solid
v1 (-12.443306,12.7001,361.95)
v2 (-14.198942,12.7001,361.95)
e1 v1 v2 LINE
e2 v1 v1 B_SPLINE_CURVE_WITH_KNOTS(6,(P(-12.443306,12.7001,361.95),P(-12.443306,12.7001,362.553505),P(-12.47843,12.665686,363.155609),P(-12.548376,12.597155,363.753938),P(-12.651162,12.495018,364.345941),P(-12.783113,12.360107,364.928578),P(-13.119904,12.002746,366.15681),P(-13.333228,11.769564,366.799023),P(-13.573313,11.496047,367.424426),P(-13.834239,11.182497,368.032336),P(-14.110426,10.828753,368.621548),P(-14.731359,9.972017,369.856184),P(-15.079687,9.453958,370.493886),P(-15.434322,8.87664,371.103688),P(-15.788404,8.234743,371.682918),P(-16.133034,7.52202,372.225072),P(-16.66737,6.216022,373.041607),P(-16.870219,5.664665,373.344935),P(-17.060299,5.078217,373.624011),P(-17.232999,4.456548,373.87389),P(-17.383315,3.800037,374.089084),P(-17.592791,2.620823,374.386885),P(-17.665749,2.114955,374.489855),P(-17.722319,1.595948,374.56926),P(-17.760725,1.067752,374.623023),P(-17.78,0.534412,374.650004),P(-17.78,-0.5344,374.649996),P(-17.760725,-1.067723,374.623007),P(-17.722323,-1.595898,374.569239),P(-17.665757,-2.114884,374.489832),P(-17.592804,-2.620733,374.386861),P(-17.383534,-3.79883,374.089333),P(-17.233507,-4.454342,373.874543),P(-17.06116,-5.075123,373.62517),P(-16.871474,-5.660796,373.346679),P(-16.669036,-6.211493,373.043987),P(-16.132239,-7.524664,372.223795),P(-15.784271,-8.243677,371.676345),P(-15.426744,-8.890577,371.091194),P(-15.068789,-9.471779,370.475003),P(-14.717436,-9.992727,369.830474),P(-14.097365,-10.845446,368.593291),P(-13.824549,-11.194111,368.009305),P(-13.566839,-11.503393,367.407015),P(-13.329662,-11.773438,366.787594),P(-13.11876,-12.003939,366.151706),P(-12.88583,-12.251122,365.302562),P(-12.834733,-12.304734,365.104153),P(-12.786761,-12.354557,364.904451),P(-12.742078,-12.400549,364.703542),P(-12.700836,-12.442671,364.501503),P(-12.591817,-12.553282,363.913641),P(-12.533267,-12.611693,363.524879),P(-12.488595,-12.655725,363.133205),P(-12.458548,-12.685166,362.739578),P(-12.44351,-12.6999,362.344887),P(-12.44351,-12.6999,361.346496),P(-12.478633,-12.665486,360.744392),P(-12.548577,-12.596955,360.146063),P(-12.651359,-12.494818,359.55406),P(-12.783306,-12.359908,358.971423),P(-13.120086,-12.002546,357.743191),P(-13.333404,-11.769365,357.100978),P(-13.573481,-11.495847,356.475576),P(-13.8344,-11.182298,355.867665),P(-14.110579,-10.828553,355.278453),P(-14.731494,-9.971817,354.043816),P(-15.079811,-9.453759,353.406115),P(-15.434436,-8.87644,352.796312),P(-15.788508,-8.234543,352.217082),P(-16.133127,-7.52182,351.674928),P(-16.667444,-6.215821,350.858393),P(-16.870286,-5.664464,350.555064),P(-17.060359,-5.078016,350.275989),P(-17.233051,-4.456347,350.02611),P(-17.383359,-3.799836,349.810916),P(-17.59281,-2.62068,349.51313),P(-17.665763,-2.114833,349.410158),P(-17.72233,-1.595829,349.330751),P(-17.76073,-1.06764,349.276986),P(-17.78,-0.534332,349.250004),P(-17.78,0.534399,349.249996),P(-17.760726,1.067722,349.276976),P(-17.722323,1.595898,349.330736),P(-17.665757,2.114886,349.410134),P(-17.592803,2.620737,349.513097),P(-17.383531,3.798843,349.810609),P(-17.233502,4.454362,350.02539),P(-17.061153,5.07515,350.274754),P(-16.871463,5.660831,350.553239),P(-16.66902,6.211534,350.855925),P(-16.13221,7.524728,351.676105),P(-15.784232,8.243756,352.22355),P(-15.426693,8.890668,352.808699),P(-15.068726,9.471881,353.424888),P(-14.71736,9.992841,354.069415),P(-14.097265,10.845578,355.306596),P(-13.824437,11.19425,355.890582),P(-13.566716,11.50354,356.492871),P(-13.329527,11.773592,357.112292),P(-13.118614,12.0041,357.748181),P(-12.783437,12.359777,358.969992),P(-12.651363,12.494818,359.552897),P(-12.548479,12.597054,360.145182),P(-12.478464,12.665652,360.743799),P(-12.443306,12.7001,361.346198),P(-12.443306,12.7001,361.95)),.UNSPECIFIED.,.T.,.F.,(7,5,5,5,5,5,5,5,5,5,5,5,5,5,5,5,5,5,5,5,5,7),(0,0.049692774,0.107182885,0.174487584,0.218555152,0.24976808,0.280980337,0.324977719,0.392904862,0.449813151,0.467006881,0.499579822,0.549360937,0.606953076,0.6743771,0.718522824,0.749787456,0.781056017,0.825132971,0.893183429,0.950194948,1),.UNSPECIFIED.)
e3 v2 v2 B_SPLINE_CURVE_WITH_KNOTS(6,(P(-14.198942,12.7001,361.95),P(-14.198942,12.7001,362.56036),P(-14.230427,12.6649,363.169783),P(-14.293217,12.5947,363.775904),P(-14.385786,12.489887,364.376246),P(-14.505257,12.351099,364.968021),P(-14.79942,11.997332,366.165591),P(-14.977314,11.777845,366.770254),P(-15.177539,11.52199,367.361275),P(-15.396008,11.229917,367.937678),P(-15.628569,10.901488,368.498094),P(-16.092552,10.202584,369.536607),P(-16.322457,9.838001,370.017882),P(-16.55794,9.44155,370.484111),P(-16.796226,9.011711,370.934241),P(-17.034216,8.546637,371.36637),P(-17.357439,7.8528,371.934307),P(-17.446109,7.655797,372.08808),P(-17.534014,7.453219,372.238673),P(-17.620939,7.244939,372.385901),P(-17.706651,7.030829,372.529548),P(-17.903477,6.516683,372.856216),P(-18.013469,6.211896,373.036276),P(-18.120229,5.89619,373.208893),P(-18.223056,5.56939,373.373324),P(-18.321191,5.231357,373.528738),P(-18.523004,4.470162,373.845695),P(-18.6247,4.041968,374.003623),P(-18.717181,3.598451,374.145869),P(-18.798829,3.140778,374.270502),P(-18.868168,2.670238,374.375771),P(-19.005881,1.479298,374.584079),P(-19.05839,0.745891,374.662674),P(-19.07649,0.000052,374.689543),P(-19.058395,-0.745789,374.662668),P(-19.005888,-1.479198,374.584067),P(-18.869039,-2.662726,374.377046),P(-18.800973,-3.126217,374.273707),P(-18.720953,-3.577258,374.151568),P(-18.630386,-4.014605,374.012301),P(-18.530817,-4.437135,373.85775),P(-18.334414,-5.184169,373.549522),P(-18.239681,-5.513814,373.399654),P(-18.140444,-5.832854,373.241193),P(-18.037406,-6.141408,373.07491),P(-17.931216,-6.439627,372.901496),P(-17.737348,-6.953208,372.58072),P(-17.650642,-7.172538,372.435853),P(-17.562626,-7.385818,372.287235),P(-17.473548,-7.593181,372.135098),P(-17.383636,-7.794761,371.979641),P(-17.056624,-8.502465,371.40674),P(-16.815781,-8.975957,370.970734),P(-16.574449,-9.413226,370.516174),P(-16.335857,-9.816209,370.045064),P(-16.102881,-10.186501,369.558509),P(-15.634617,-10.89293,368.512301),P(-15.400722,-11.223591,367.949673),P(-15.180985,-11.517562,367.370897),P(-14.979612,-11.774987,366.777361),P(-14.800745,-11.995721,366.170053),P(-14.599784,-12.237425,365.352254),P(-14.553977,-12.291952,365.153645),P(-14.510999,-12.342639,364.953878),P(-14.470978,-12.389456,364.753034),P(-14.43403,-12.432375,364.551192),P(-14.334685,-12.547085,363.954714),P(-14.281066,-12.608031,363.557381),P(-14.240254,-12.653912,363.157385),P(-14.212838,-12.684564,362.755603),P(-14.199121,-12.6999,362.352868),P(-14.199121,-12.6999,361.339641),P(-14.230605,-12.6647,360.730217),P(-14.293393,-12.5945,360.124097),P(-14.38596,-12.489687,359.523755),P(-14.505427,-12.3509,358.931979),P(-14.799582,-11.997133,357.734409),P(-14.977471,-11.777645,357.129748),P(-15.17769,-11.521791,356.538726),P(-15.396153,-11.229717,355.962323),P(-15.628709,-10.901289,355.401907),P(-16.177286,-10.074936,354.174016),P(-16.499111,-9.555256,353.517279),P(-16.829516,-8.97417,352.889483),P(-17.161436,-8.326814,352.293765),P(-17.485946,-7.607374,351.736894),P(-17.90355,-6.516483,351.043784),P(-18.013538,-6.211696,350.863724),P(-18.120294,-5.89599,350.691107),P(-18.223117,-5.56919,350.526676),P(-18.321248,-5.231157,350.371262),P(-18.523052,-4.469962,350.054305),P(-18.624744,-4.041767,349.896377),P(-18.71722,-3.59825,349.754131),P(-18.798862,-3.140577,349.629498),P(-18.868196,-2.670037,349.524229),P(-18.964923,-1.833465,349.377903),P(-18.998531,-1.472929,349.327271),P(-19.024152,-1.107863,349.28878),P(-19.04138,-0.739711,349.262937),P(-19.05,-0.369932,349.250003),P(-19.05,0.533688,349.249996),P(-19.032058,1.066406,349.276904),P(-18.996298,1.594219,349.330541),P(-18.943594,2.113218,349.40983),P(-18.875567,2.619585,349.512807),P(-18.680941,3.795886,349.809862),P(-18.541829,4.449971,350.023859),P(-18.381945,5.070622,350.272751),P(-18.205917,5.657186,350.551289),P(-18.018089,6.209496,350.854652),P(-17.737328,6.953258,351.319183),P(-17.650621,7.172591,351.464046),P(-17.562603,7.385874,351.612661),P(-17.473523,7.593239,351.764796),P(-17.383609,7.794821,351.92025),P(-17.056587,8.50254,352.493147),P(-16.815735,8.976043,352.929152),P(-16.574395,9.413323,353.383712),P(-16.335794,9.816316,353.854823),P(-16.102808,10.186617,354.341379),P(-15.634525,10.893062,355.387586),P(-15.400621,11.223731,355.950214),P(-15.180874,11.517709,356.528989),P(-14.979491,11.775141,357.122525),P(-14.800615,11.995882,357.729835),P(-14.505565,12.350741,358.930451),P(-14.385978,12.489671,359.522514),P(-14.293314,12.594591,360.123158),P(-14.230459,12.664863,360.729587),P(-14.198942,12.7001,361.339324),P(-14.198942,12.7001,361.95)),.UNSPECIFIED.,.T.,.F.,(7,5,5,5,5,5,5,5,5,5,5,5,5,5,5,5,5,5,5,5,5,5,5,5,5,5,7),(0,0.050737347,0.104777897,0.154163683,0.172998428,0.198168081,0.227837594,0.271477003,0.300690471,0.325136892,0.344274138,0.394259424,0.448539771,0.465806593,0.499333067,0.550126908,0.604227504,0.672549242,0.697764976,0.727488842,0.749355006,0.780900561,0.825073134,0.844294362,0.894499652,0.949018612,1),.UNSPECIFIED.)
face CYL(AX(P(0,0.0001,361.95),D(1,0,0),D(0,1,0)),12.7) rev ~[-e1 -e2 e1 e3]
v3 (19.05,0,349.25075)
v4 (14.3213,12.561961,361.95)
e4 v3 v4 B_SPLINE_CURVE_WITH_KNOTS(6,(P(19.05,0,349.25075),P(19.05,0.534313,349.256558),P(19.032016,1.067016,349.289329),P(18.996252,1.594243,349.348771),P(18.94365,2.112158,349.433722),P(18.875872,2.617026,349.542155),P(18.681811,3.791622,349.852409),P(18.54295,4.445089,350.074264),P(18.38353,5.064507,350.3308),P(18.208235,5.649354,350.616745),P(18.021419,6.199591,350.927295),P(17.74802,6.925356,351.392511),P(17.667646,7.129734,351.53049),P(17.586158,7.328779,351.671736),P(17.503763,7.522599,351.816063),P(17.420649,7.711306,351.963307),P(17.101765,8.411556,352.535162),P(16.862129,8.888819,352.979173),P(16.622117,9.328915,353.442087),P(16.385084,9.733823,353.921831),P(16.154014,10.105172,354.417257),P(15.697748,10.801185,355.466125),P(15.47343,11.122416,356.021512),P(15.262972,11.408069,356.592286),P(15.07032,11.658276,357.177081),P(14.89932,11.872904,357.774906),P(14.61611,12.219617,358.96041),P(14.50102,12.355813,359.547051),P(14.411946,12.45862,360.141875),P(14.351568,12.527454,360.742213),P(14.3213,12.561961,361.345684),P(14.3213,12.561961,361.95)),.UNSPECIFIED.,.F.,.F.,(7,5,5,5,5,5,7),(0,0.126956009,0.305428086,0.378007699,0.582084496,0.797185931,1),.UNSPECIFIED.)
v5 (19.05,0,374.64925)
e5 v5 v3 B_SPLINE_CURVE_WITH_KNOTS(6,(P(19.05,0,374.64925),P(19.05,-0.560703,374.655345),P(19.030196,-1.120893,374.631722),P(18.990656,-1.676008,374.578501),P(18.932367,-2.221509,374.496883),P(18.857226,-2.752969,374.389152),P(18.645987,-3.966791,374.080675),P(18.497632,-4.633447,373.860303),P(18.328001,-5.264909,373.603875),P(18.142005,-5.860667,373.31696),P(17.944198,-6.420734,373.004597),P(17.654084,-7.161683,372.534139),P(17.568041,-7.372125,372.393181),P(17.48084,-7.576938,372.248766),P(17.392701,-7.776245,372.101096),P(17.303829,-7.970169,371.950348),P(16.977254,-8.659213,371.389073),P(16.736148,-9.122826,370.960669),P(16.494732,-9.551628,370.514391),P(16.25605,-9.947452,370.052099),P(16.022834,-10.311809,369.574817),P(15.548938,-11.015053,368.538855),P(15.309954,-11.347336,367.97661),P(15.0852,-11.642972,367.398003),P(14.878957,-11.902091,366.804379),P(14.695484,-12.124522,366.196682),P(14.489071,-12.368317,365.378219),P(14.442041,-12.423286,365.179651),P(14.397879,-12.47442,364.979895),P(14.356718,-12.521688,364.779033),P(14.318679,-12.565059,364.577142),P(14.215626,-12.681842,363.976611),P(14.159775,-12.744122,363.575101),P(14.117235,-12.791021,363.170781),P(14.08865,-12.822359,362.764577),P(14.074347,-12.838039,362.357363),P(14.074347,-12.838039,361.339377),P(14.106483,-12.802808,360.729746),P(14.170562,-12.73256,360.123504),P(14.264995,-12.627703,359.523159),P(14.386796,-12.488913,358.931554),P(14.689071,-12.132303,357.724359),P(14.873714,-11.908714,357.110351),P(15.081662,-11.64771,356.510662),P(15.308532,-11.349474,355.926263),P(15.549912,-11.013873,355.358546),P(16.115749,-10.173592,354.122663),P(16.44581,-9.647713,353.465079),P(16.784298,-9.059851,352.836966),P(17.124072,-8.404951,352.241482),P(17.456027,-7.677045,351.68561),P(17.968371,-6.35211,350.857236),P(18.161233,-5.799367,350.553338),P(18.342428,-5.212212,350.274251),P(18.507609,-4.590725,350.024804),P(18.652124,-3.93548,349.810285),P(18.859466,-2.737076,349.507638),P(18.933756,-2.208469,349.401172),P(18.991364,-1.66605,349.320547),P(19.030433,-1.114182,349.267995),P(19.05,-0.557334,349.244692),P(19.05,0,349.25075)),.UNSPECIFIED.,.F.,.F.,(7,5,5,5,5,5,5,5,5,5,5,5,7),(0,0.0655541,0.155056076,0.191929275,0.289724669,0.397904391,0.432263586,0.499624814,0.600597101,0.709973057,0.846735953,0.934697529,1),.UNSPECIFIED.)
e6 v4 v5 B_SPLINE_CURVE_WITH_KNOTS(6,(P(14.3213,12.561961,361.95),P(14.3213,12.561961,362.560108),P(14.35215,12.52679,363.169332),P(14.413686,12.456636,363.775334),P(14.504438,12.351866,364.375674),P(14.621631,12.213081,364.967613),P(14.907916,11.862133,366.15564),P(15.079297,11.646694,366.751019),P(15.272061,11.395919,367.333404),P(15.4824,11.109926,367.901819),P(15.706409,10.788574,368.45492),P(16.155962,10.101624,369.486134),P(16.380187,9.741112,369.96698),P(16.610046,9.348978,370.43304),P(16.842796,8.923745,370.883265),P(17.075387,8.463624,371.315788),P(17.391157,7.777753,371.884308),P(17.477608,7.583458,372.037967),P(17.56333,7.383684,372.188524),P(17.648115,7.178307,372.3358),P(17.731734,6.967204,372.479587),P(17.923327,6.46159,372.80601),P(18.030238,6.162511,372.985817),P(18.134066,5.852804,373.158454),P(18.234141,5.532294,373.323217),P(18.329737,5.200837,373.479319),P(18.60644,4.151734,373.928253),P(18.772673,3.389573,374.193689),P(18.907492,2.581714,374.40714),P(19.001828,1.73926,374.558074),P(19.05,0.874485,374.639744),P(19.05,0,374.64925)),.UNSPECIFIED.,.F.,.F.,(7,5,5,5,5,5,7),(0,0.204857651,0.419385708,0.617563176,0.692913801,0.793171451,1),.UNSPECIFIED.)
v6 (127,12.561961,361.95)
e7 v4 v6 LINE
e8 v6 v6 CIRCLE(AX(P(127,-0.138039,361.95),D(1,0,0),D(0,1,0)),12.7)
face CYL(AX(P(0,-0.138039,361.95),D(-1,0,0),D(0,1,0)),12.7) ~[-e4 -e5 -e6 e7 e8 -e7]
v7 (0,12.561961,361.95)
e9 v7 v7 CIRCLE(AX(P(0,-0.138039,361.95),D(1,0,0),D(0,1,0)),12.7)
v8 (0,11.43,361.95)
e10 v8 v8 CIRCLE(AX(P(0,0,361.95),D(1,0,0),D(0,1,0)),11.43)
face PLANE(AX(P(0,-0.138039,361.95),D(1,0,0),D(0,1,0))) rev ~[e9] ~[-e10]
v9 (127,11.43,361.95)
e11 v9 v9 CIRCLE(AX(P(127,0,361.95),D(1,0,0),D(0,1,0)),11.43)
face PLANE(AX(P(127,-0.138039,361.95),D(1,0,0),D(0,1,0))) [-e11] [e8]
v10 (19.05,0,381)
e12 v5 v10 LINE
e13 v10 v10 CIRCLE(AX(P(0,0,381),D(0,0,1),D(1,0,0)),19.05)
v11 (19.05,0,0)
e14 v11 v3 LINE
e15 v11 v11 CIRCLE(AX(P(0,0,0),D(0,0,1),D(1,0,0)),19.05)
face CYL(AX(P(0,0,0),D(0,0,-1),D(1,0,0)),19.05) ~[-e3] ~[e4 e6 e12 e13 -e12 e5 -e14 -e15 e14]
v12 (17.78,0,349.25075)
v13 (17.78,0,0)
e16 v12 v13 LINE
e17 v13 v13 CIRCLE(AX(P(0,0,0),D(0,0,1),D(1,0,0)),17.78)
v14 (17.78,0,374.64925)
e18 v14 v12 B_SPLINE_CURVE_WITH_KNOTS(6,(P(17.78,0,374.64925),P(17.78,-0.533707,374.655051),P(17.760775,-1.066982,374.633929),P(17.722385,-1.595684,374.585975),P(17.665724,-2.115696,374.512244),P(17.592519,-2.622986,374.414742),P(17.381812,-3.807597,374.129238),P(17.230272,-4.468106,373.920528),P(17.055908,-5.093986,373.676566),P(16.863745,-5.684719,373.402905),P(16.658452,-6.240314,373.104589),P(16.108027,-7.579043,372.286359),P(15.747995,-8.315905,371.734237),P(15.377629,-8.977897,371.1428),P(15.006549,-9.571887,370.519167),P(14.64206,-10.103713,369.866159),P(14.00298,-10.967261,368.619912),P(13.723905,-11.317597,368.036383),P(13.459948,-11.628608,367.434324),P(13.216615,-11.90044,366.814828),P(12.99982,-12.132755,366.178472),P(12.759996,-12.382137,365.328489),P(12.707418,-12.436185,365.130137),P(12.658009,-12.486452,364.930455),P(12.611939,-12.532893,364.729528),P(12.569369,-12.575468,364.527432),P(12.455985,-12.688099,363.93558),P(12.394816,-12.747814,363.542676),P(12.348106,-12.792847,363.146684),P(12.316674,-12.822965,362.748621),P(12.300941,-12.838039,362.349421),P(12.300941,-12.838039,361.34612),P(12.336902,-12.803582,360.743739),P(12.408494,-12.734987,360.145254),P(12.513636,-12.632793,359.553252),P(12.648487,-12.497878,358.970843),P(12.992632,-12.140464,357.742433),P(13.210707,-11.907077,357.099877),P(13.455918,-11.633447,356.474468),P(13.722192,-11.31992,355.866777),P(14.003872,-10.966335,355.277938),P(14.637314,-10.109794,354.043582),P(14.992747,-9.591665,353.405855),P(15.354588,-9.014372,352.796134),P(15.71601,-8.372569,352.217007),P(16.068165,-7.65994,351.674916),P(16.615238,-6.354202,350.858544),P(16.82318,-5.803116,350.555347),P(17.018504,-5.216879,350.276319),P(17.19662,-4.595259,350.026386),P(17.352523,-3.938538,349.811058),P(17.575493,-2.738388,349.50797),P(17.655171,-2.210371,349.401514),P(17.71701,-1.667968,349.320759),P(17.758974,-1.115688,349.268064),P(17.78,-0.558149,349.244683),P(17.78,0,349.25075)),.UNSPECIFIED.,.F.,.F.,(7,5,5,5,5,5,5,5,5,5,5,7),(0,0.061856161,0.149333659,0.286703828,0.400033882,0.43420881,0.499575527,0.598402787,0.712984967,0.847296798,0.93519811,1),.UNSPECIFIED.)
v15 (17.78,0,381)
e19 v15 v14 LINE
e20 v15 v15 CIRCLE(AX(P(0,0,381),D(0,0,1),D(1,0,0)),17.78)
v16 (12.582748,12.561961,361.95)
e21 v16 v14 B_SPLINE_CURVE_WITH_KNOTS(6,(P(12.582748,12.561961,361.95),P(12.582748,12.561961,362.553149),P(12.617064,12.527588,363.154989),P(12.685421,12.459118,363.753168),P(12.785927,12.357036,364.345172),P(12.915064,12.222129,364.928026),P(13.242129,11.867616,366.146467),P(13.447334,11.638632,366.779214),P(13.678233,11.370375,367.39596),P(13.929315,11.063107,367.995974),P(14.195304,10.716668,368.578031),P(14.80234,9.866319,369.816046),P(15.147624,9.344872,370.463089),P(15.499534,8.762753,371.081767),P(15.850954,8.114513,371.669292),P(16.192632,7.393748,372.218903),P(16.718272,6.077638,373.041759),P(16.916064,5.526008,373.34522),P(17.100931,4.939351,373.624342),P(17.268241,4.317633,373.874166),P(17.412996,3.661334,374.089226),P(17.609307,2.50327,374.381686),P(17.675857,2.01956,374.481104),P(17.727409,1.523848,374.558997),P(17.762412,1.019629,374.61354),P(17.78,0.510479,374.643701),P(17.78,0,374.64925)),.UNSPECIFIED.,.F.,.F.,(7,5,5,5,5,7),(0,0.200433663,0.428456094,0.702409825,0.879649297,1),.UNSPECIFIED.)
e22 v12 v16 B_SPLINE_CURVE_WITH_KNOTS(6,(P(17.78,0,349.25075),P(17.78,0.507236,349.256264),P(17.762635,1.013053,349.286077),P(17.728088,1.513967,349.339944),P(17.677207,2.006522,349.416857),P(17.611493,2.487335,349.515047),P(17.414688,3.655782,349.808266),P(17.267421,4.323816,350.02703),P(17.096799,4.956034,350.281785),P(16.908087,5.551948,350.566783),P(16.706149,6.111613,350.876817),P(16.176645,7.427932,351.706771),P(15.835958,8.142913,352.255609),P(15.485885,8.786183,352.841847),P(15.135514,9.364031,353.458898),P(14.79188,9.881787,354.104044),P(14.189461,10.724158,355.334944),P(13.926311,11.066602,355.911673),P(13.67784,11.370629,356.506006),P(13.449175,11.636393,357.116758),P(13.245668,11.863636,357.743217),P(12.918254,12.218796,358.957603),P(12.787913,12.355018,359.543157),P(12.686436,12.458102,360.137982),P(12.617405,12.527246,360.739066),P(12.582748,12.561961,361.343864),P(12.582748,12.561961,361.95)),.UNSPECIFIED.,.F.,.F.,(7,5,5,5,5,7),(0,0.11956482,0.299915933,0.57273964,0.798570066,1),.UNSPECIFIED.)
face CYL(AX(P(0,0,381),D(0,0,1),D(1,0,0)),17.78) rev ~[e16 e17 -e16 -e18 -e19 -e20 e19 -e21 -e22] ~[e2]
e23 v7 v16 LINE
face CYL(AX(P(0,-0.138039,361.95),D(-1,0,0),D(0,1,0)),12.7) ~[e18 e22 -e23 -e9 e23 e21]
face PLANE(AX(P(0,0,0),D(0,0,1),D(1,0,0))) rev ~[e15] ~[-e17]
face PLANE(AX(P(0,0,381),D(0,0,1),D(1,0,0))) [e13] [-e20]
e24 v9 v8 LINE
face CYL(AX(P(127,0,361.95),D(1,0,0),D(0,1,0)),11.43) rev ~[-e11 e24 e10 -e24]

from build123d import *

# Parameters (mm, degrees)
F0_R     = 19.05
F1_DEPTH = 381
F2_R     = 17.78
F3_DEPTH = 381
F4_R     = 12.7
F5_DEPTH = 127
F6_R     = 11.43
F7_DEPTH = 127
F8_R     = 12.7
F9_DEPTH = 25.4


with BuildPart() as f1:
    # F0 (on Top) → F1 (new body)
    with BuildSketch(Plane.XY):
        Circle(F0_R)
    extrude(amount=F1_DEPTH)

    # F2 (on face) → F3 (cut)
    with BuildSketch(Plane.XY.offset(381)):
        Circle(F2_R)
    extrude(amount=-F3_DEPTH, mode=Mode.SUBTRACT)

    # F4 (on Right) → F5 (join)
    with BuildSketch(Plane.YZ):
        with Locations((-0.138039, 361.95)):
            Circle(F4_R)
    extrude(amount=F5_DEPTH)

    # F6 (on face) → F7 (cut)
    with BuildSketch(Plane.YZ.offset(127)):
        with Locations((0, 361.95)):
            Circle(F6_R)
    extrude(amount=-F7_DEPTH, mode=Mode.SUBTRACT)

    # F8 (on Right) → F9 (cut)
    with BuildSketch(Plane.YZ):
        with Locations((0.0001, 361.95)):
            Circle(F8_R)
    extrude(amount=-F9_DEPTH, mode=Mode.SUBTRACT)


solid = f1.part
